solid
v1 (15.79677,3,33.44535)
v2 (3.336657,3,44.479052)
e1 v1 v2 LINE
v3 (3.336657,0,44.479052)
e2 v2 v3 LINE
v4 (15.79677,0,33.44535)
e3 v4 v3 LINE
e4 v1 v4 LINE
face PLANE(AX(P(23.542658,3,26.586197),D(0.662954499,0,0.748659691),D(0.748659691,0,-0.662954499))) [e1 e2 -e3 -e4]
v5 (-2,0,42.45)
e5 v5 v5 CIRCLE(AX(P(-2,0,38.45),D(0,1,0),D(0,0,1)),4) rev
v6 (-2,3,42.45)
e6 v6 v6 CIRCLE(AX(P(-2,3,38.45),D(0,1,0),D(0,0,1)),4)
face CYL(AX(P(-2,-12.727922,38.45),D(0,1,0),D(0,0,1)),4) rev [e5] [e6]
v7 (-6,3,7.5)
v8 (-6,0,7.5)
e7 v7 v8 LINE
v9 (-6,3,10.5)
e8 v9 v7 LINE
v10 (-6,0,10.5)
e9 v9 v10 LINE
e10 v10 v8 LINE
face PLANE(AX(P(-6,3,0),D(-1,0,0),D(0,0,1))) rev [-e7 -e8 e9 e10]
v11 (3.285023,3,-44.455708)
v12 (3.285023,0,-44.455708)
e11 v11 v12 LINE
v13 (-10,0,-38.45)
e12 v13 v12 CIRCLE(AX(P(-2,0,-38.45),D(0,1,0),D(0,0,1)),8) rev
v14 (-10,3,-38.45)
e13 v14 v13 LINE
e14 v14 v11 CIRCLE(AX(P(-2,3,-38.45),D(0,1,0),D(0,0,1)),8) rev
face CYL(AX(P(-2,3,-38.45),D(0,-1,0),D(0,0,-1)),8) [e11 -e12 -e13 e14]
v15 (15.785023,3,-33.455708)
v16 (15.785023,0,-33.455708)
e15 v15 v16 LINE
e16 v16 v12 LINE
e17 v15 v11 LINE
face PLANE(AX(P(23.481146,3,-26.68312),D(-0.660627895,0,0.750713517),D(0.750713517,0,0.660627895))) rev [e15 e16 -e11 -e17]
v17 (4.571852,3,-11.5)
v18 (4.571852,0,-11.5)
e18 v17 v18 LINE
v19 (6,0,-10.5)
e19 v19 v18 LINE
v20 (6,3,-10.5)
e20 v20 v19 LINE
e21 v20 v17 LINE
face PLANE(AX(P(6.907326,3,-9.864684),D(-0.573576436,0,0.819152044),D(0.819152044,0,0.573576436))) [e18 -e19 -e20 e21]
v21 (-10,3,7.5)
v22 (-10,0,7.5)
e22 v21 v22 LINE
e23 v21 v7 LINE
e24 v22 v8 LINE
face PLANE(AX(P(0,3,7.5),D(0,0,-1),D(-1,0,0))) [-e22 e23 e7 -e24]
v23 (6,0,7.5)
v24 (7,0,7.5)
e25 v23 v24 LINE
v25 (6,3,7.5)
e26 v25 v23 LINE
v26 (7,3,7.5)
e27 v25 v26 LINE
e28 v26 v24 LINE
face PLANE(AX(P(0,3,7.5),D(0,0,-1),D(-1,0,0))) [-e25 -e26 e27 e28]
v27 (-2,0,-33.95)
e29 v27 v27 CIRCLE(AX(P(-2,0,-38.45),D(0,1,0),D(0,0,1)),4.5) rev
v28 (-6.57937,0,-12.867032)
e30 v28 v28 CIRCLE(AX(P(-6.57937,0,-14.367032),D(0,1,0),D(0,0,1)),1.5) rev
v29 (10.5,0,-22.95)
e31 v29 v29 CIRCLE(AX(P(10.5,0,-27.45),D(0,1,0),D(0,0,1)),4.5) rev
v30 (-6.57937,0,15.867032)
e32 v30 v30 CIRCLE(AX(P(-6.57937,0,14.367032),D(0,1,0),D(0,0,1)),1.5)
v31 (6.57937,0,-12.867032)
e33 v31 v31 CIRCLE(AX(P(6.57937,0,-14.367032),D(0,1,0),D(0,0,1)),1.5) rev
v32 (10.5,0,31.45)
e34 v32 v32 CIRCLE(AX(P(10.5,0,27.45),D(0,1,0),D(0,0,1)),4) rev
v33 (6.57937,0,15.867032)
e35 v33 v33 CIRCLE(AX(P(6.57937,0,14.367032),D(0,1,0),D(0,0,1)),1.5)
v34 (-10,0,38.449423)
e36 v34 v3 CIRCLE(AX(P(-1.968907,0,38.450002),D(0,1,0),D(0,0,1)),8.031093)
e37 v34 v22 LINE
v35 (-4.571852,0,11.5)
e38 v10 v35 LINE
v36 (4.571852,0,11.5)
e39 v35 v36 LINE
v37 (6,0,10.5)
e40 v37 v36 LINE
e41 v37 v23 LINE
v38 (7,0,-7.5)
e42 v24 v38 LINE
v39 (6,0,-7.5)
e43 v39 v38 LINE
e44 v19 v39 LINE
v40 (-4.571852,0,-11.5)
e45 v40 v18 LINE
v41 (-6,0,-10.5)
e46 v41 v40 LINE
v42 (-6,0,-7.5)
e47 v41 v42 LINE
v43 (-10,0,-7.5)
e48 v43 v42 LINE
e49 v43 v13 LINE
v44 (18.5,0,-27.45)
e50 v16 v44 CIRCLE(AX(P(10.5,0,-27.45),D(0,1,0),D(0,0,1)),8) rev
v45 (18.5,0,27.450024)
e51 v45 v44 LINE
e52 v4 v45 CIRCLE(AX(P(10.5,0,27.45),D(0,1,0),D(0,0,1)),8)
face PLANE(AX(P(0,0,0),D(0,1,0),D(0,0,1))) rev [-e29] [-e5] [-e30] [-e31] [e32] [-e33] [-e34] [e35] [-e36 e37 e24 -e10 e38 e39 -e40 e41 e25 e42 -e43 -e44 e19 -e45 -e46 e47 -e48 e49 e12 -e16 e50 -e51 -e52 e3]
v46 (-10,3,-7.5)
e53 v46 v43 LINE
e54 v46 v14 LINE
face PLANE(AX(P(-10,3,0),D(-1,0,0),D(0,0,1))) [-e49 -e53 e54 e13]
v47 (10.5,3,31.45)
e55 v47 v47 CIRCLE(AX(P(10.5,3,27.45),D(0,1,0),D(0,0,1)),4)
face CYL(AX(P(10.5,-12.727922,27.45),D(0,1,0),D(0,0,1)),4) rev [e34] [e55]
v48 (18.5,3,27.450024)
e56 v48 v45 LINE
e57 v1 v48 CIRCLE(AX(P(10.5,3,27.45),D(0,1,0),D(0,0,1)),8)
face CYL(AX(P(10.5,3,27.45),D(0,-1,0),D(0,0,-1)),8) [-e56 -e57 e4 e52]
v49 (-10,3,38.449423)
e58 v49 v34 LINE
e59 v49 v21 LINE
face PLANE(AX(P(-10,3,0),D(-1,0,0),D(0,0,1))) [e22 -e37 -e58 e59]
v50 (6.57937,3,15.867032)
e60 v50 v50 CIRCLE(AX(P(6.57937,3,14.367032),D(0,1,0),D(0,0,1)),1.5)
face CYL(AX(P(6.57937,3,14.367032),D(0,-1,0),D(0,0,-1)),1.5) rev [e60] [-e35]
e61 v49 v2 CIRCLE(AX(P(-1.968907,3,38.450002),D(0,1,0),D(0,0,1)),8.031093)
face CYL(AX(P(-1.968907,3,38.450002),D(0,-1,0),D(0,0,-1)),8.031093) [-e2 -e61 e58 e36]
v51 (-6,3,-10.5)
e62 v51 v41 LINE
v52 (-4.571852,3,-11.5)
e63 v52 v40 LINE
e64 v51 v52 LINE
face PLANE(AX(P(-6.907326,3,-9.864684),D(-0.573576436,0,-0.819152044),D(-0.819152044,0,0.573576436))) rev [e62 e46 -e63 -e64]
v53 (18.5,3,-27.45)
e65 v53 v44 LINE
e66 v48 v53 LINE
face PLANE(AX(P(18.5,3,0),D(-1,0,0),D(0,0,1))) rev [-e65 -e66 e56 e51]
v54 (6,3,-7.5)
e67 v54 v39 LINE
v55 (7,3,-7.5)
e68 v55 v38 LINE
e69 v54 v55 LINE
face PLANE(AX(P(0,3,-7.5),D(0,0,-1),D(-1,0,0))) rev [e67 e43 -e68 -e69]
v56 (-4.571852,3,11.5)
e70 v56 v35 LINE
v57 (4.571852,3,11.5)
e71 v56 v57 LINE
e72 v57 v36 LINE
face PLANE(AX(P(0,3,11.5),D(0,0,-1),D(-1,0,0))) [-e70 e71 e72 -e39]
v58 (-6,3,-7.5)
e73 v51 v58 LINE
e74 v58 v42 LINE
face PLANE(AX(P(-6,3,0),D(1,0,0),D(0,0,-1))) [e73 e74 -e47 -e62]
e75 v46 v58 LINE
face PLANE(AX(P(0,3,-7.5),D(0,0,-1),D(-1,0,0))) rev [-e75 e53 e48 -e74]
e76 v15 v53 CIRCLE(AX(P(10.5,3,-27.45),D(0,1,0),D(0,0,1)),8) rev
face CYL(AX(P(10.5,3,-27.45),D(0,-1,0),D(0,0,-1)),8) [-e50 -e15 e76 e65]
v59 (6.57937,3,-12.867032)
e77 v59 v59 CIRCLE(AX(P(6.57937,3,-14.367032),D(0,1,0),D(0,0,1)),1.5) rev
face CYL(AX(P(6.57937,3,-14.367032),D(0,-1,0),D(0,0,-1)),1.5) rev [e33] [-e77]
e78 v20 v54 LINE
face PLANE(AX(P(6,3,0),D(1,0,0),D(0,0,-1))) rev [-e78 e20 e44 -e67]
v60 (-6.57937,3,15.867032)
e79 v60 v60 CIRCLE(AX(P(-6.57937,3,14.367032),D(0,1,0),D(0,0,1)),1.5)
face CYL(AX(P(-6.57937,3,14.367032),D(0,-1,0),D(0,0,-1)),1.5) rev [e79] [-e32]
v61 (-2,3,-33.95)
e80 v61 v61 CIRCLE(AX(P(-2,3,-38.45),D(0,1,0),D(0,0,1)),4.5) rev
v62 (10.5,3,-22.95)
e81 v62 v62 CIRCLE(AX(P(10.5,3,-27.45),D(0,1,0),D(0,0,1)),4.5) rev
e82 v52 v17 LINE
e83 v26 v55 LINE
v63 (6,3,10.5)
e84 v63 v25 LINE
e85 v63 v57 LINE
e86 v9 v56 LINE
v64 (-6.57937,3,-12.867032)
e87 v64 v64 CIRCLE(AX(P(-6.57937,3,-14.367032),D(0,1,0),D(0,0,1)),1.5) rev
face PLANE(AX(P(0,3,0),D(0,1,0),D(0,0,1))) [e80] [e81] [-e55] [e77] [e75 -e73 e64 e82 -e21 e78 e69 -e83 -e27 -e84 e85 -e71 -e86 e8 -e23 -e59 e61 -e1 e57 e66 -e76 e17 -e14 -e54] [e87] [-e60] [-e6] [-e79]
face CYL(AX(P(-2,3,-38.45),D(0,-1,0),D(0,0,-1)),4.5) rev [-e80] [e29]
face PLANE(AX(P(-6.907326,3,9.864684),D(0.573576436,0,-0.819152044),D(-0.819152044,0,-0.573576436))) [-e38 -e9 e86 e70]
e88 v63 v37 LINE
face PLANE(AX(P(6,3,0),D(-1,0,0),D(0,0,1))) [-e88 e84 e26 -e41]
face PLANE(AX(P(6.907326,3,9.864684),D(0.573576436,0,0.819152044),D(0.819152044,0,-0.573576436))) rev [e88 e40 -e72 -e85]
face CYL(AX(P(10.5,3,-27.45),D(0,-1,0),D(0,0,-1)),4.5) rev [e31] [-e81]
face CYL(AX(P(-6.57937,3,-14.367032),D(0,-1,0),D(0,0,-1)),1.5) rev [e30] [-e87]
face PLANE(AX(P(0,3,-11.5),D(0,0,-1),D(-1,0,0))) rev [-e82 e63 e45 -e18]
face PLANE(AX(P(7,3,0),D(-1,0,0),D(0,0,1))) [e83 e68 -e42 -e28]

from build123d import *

# Parameters (mm, degrees)
SKETCH1_R           = 4.5
SKETCH1_R_2         = 1.5
BOSS_EXTRUDE1_DEPTH = 3
BOSS_EXTRUDE2_START = -3
SKETCH3_R           = 4.5
SKETCH3_R_2         = 4
BOSS_EXTRUDE2_DEPTH = 3


with BuildPart() as part:
    # Sketch1 → Boss-Extrude1 (new body)
    with BuildSketch(Plane(origin=(0, 0, 0), x_dir=(1, 0, 0), z_dir=(0, 1, 0))):
        with BuildLine():
            Line((-6, -7.5), (-10, -7.5))
            Line((-10, -7.5), (-10, -8.75))
            Line((-10, -8.75), (-10, -38.449422848))
            ThreePointArc((-10, -38.449422848), (-5.277416427, -45.767940555), (3.336657191, -44.479052382))
            Line((3.336657191, -44.479052382), (15.796770322, -33.445350211))
            ThreePointArc((15.796770322, -33.445350211), (17.792942369, -30.73831136), (18.5, -27.450024315))
            Line((18.5, -27.450024315), (18.5, 27.45))
            ThreePointArc((18.5, 27.45), (17.789725141, 30.745437355), (15.785023159, 33.455708135))
            Line((15.785023159, 33.455708135), (3.285023159, 44.455708135))
            ThreePointArc((3.285023159, 44.455708135), (-5.295437355, 45.739725141), (-10, 38.45))
            Line((-10, 38.45), (-10, 8.75))
            Line((-10, 8.75), (-10, 7.5))
            Line((-10, 7.5), (-6, 7.5))
            Line((-6, 7.5), (-6, 10.5))
            Line((-6, 10.5), (-4.571851993, 11.5))
            Line((-4.571851993, 11.5), (4.571851993, 11.5))
            Line((4.571851993, 11.5), (6, 10.5))
            Line((6, 10.5), (6, 7.5))
            Line((6, 7.5), (7, 7.5))
            Line((7, 7.5), (7, 0))
            Line((7, 0), (7, -7.5))
            Line((7, -7.5), (6, -7.5))
            Line((6, -7.5), (6, -10.5))
            Line((6, -10.5), (4.571851993, -11.5))
            Line((4.571851993, -11.5), (-4.571851993, -11.5))
            Line((-4.571851993, -11.5), (-6, -10.5))
            Line((-6, -10.5), (-6, -7.5))
        make_face()
        with Locations(Location((-2, -38.45, 0), (0, 0, 270))):
            Circle(SKETCH1_R, mode=Mode.SUBTRACT)
        with Locations(Location((-6.57936952, -14.367032155, 0), (0, 0, 270))):
            Circle(SKETCH1_R_2, mode=Mode.SUBTRACT)
        with Locations(Location((10.5, -27.45, 0), (0, 0, 270))):
            Circle(SKETCH1_R, mode=Mode.SUBTRACT)
        with Locations(Location((6.57936952, -14.367032155, 0), (0, 0, 270))):
            Circle(SKETCH1_R_2, mode=Mode.SUBTRACT)
        with Locations(Location((-6.57936952, 14.367032155, 0), (0, 0, 270))):
            Circle(SKETCH1_R_2, mode=Mode.SUBTRACT)
        with Locations(Location((-2, 38.45, 0), (0, 0, 270))):
            Circle(SKETCH1_R, mode=Mode.SUBTRACT)
        with Locations(Location((6.57936952, 14.367032155, 0), (0, 0, 270))):
            Circle(SKETCH1_R_2, mode=Mode.SUBTRACT)
        with Locations(Location((10.5, 27.45, 0), (0, 0, 270))):
            Circle(SKETCH1_R, mode=Mode.SUBTRACT)
    extrude(amount=BOSS_EXTRUDE1_DEPTH)

    # Sketch3 → Boss-Extrude2 (add)
    # profile 1 of 2: a face of its own
    with BuildSketch(Plane(origin=(0, 3, 0), x_dir=(1, 0, 0), z_dir=(0, 1, 0)).offset(BOSS_EXTRUDE2_START)):
        with Locations((-2, -38.45)):
            Circle(SKETCH3_R)
        with Locations(Location((-2, -38.45, 0), (0, 0, 270))):
            Circle(SKETCH3_R_2, mode=Mode.SUBTRACT)
    # profile 2 of 2: a face of its own
    with BuildSketch(Plane(origin=(0, 3, 0), x_dir=(1, 0, 0), z_dir=(0, 1, 0)).offset(BOSS_EXTRUDE2_START)):
        with Locations((10.5, -27.45)):
            Circle(SKETCH3_R)
        with Locations(Location((10.5, -27.45, 0), (0, 0, 270))):
            Circle(SKETCH3_R_2, mode=Mode.SUBTRACT)
    extrude(amount=BOSS_EXTRUDE2_DEPTH)


solid = part.part
